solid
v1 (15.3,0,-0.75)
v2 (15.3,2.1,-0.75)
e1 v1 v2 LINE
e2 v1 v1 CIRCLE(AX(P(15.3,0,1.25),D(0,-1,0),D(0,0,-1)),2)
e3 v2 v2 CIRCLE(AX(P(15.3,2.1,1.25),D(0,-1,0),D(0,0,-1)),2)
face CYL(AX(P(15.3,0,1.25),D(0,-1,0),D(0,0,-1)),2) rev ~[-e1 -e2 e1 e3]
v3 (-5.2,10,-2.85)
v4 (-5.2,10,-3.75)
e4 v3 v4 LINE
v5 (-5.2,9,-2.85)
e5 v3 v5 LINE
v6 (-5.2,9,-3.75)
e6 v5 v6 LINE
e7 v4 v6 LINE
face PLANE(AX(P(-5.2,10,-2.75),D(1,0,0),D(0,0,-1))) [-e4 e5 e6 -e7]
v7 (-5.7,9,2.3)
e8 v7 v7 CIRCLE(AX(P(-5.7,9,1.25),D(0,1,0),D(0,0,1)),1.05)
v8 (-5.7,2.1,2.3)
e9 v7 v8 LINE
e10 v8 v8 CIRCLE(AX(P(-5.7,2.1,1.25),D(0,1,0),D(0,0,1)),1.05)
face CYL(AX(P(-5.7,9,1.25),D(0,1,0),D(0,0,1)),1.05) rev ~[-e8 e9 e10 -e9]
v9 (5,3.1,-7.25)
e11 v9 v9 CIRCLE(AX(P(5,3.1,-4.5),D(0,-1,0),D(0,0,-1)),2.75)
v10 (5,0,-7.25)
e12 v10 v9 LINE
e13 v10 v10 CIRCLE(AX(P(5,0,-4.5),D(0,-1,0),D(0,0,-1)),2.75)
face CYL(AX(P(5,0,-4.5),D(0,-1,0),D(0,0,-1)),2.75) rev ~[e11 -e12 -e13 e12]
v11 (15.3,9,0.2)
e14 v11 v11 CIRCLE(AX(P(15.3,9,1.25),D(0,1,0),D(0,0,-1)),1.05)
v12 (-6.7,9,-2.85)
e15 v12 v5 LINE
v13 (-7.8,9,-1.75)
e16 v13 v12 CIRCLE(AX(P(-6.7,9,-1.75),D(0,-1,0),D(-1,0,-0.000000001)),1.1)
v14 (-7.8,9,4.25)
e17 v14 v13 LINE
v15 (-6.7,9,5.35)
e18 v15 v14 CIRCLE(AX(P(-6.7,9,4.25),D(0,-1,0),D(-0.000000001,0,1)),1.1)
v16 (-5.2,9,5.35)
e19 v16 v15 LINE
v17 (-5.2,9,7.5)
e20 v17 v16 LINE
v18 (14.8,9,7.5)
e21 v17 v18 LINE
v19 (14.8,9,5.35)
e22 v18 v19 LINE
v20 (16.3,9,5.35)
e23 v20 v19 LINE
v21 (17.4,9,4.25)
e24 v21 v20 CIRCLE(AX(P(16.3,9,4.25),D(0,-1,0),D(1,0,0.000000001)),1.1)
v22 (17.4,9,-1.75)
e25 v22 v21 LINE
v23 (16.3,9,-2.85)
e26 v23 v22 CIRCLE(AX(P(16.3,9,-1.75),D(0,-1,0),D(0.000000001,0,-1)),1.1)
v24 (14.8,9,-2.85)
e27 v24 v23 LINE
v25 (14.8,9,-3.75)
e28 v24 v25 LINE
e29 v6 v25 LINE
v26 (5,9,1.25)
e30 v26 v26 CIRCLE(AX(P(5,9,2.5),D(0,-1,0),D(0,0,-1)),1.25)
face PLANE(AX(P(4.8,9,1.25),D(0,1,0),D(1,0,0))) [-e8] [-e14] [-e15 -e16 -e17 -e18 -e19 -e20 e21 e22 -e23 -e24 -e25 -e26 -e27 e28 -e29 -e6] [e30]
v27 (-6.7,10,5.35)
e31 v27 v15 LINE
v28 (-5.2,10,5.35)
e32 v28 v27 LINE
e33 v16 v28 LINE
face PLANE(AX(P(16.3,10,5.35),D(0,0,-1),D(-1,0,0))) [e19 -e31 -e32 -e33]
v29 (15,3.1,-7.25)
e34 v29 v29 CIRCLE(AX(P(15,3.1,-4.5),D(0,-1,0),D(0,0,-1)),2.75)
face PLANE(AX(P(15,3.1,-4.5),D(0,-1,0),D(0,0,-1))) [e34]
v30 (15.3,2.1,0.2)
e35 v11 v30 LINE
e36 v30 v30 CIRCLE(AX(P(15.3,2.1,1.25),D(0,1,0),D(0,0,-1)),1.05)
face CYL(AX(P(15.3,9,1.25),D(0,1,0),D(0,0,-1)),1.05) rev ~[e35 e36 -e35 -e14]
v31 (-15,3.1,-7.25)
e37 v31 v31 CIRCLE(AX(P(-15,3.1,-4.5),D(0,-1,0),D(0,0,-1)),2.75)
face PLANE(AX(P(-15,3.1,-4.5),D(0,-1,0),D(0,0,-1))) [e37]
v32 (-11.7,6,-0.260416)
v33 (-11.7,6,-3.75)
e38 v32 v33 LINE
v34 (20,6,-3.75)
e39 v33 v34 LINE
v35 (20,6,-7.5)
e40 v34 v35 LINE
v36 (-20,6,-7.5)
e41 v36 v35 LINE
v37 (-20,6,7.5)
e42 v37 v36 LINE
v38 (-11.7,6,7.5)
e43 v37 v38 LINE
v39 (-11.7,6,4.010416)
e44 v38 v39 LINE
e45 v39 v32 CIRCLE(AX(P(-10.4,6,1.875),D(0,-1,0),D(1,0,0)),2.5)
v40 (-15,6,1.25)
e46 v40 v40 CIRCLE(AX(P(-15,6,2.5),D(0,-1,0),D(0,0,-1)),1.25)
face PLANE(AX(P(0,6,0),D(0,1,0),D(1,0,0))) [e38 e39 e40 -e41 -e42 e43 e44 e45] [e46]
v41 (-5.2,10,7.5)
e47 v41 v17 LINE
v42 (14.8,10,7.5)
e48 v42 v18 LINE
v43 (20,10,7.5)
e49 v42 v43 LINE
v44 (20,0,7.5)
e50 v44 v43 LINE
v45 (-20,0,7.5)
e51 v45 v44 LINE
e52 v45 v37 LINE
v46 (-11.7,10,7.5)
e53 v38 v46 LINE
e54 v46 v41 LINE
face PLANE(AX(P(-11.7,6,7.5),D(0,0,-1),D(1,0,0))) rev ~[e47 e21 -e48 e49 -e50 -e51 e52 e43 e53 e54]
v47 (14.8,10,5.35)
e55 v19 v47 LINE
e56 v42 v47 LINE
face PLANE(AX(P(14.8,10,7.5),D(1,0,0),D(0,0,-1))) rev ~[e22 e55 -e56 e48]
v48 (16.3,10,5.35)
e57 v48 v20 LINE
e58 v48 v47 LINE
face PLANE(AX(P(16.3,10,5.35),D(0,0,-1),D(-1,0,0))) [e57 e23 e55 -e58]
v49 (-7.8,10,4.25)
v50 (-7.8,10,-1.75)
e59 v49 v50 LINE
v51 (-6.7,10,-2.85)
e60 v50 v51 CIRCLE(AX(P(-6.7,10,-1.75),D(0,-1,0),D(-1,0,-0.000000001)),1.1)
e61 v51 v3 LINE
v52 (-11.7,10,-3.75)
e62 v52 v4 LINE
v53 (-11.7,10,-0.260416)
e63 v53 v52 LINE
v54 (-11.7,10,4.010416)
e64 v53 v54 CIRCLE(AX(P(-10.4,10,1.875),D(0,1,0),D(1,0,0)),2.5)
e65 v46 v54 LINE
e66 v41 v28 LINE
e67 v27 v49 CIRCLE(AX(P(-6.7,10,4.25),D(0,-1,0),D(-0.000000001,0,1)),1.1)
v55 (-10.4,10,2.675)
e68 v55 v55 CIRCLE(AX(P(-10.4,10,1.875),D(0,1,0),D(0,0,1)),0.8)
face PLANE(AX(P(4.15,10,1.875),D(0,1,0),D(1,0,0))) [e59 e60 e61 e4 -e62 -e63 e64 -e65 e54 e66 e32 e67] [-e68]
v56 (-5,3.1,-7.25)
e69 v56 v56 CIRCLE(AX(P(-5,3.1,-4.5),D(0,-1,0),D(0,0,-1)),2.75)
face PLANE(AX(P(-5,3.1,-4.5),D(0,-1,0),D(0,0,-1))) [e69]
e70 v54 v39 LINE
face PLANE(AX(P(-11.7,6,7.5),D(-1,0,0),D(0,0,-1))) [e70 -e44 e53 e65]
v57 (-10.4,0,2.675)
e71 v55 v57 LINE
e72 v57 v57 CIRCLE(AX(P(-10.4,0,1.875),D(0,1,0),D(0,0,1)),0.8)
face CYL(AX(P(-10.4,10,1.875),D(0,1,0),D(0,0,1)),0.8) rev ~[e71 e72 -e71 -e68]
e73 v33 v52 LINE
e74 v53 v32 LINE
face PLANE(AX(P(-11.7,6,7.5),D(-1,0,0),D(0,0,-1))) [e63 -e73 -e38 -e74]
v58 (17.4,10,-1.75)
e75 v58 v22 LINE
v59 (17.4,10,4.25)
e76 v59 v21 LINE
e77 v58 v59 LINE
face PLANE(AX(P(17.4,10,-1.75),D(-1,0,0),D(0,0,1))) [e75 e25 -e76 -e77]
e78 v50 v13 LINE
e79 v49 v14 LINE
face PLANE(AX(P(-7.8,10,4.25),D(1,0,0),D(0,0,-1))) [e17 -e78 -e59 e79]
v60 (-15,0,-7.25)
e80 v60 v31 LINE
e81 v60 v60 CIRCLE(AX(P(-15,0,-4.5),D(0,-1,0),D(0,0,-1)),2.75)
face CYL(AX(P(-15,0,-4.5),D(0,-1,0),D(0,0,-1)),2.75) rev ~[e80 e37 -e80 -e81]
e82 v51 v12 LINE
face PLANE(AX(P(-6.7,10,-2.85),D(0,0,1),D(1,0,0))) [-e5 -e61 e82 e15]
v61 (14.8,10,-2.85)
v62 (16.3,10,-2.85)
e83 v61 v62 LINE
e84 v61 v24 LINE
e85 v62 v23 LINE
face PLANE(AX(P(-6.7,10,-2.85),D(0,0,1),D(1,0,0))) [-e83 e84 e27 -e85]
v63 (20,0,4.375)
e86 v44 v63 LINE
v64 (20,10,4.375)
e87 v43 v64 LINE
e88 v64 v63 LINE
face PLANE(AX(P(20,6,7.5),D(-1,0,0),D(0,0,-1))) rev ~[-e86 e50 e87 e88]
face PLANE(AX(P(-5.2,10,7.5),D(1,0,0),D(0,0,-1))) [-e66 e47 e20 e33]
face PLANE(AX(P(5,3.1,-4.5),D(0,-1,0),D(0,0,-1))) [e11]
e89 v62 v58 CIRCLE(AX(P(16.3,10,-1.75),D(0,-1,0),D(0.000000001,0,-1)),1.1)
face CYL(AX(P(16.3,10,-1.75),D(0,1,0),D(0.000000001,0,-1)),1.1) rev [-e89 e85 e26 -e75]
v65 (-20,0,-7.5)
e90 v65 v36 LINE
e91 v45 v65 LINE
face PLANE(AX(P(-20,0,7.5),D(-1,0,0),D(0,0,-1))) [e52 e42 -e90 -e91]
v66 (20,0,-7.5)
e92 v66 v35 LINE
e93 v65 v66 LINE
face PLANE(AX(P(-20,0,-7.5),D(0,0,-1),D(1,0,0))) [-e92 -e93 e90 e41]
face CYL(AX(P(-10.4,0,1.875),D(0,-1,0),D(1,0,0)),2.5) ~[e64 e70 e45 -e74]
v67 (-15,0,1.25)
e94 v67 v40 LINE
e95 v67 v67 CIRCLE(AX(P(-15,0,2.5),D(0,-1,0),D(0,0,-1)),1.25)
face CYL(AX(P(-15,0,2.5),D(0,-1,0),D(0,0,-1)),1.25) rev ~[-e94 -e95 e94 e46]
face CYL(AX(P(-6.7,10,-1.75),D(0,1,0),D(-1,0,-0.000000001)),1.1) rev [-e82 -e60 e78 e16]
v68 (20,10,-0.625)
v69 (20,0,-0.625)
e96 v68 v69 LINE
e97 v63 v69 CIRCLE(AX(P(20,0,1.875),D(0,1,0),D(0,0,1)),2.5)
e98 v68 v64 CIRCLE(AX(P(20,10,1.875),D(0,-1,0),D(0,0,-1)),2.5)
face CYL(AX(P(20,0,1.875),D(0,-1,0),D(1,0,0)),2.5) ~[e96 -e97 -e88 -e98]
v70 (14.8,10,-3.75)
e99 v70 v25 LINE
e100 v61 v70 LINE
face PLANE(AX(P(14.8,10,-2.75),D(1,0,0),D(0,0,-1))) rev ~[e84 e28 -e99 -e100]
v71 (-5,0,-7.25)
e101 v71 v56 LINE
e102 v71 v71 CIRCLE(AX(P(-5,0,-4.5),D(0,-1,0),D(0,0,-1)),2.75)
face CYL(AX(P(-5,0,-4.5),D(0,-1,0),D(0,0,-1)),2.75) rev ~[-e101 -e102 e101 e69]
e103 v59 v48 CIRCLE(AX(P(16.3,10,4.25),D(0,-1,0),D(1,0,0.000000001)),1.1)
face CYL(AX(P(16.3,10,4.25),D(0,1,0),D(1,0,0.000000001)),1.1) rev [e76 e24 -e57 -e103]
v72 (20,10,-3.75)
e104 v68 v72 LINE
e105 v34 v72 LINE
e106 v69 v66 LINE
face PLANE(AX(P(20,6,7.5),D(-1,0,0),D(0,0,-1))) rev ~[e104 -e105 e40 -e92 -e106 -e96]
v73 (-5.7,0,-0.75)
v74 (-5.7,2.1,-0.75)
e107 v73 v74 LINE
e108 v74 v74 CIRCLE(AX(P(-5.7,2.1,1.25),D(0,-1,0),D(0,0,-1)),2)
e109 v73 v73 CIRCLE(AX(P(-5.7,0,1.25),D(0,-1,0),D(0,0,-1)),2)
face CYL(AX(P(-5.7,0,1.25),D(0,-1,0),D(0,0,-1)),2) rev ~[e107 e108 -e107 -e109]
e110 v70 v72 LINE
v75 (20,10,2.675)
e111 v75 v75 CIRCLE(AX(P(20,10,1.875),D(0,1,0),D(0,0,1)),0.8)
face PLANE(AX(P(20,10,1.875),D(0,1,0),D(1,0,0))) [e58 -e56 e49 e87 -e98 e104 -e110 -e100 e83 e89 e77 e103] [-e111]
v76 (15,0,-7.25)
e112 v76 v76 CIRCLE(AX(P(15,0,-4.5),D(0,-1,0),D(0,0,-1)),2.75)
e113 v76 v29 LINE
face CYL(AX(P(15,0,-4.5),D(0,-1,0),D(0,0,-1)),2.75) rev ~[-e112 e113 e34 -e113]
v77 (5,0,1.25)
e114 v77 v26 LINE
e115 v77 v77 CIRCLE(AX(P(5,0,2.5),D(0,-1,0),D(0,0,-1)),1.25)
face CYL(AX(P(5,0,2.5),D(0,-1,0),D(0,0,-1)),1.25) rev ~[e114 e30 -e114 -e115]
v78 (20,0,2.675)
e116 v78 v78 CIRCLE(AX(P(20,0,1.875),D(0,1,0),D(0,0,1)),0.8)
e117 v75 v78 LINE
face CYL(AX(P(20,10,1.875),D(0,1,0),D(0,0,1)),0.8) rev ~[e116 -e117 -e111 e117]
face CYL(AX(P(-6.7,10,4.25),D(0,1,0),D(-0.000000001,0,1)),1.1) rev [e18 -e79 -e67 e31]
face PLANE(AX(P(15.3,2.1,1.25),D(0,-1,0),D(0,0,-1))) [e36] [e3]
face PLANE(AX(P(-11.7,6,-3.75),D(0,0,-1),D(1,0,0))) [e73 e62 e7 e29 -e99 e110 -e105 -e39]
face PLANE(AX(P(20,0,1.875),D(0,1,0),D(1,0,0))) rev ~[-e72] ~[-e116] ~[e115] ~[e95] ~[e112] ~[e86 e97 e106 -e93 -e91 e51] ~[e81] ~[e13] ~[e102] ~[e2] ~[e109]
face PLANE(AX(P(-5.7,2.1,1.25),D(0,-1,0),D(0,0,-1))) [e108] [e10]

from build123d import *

# Parameters (mm, degrees)
SKETCH_1_W          = 40
SKETCH_1_H          = 15
EXTRUDE_1_DEPTH     = 6
SKETCH_2_W          = 31.7
SKETCH_2_H          = 11.25
EXTRUDE_2_DEPTH     = 4
EXTRUDE_3_DEPTH     = 3
SKETCH_4_W          = 20
SKETCH_4_H          = 1
SKETCH_4_H_2        = 2.25
CUT_EXTRUDE_1_DEPTH = 1
SKETCH_6_R          = 1.05
CUT_EXTRUDE_2_DEPTH = 24.178653973
SKETCH_7_R          = 2
CUT_EXTRUDE_3_DEPTH = 2.1
SKETCH_8_R          = 1.25
CUT_EXTRUDE_4_DEPTH = 24.58495283
SKETCH_9_R          = 2.5
EXTRUDE_4_DEPTH     = 10
SKETCH_10_R         = 0.8
CUT_EXTRUDE_5_DEPTH = 26.739075352
CUT_EXTRUDE_6_DEPTH = 1
SKETCH_13_R         = 2.75
CUT_EXTRUDE_8_DEPTH = 3.1


with BuildPart() as part:
    # 草图1 → 凸台-拉伸1 (new body)
    with BuildSketch(Plane(origin=(0, 0, 0), x_dir=(1, 0, 0), z_dir=(0, 1, 0))):
        Rectangle(SKETCH_1_W, SKETCH_1_H)
    extrude(amount=EXTRUDE_1_DEPTH)

    # 草图2 → 凸台-拉伸2 (add)
    with BuildSketch(Plane(origin=(0, 6, 0), x_dir=(1, 0, 0), z_dir=(0, 1, 0))):
        with Locations((4.15, -1.875)):
            Rectangle(SKETCH_2_W, SKETCH_2_H)
        with BuildLine():
            Line((-6.7, 2.75), (16.3, 2.75))
            ThreePointArc((16.3, 2.75), (17.007106781, 2.457106781), (17.3, 1.75))
            Line((17.3, 1.75), (17.3, -4.25))
            ThreePointArc((17.3, -4.25), (17.007106781, -4.957106781), (16.3, -5.25))
            Line((16.3, -5.25), (-6.7, -5.25))
            ThreePointArc((-6.7, -5.25), (-7.407106781, -4.957106781), (-7.7, -4.25))
            Line((-7.7, -4.25), (-7.7, 1.75))
            ThreePointArc((-7.7, 1.75), (-7.407106781, 2.457106781), (-6.7, 2.75))
        make_face(mode=Mode.SUBTRACT)
    extrude(amount=EXTRUDE_2_DEPTH)

    # 草图3 → 凸台-拉伸3 (add)
    with BuildSketch(Plane(origin=(0, 6, 0), x_dir=(1, 0, 0), z_dir=(0, 1, 0))):
        with BuildLine():
            Line((-6.7, -5.25), (16.3, -5.25))
            ThreePointArc((16.3, -5.25), (17.007106781, -4.957106781), (17.3, -4.25))
            Line((17.3, -4.25), (17.3, 1.75))
            ThreePointArc((17.3, 1.75), (17.007106781, 2.457106781), (16.3, 2.75))
            Line((16.3, 2.75), (-6.7, 2.75))
            ThreePointArc((-6.7, 2.75), (-7.407106781, 2.457106781), (-7.7, 1.75))
            Line((-7.7, 1.75), (-7.7, -4.25))
            ThreePointArc((-7.7, -4.25), (-7.407106781, -4.957106781), (-6.7, -5.25))
        make_face()
    extrude(amount=EXTRUDE_3_DEPTH)

    # 草图4 → 切除-拉伸1 (cut)
    with BuildSketch(Plane(origin=(0, 10, 0), x_dir=(1, 0, 0), z_dir=(0, 1, 0))):
        with Locations((4.8, 3.25)):
            Rectangle(SKETCH_4_W, SKETCH_4_H)
        with Locations((4.8, -6.375)):
            Rectangle(SKETCH_4_W, SKETCH_4_H_2)
    extrude(amount=-CUT_EXTRUDE_1_DEPTH, mode=Mode.SUBTRACT)

    # 草图6 → 切除-拉伸2 (cut, through all)
    with BuildSketch(Plane(origin=(0, 9, 0), x_dir=(1, 0, 0), z_dir=(0, 1, 0))):
        with Locations(Location((-5.7, -1.25, 0), (0, 0, 270))):
            Circle(SKETCH_6_R)
        with Locations(Location((15.3, -1.25, 0), (0, 0, 90))):
            Circle(SKETCH_6_R)
    extrude(amount=-CUT_EXTRUDE_2_DEPTH, mode=Mode.SUBTRACT)

    # 草图7 → 切除-拉伸3 (cut)
    with BuildSketch(Plane.XZ):
        with Locations(Location((-5.7, 1.25, 0), (0, 0, 270))):
            Circle(SKETCH_7_R)
        with Locations(Location((15.3, 1.25, 0), (0, 0, 270))):
            Circle(SKETCH_7_R)
    extrude(amount=-CUT_EXTRUDE_3_DEPTH, mode=Mode.SUBTRACT)

    # 草图8 → 切除-拉伸4 (cut, through all)
    with BuildSketch(Plane.XZ):
        with Locations(Location((-15, 2.5, 0), (0, 0, 270))):
            Circle(SKETCH_8_R)
        with Locations(Location((5, 2.5, 0), (0, 0, 270))):
            Circle(SKETCH_8_R)
    extrude(amount=-CUT_EXTRUDE_4_DEPTH, mode=Mode.SUBTRACT)

    # 草图9 → 凸台-拉伸4 (add)
    with BuildSketch(Plane(origin=(0, 0, 0), x_dir=(1, 0, 0), z_dir=(0, 1, 0))):
        with Locations((20, -1.875)):
            Circle(SKETCH_9_R)
        with Locations((-10.4, -1.875)):
            Circle(SKETCH_9_R)
    extrude(amount=EXTRUDE_4_DEPTH)

    # 草图10 → 切除-拉伸5 (cut, through all)
    with BuildSketch(Plane(origin=(0, 10, 0), x_dir=(1, 0, 0), z_dir=(0, 1, 0))):
        with Locations(Location((-10.4, -1.875, 0), (0, 0, 270))):
            Circle(SKETCH_10_R)
        with Locations(Location((20, -1.875, 0), (0, 0, 270))):
            Circle(SKETCH_10_R)
    extrude(amount=-CUT_EXTRUDE_5_DEPTH, mode=Mode.SUBTRACT)

    # 草图11 → 切除-拉伸6 (cut)
    with BuildSketch(Plane(origin=(0, 10, 0), x_dir=(1, 0, 0), z_dir=(0, 1, 0))):
        with BuildLine():
            Line((17.4, 1.75), (17.4, -4.25))
            ThreePointArc((17.4, -4.25), (17.077817459, -5.027817459), (16.3, -5.35))
            Line((16.3, -5.35), (-6.7, -5.35))
            ThreePointArc((-6.7, -5.35), (-7.477817459, -5.027817459), (-7.8, -4.25))
            Line((-7.8, -4.25), (-7.8, 1.75))
            ThreePointArc((-7.8, 1.75), (-7.477817459, 2.527817459), (-6.7, 2.85))
            Line((-6.7, 2.85), (16.3, 2.85))
            ThreePointArc((16.3, 2.85), (17.077817459, 2.527817459), (17.4, 1.75))
        make_face()
    extrude(amount=-CUT_EXTRUDE_6_DEPTH, mode=Mode.SUBTRACT)

    # 草图13 → 切除-拉伸8 (cut)
    with BuildSketch(Plane.XZ):
        with Locations(Location((-15, -4.5, 0), (0, 0, 270))):
            Circle(SKETCH_13_R)
        with Locations(Location((-5, -4.5, 0), (0, 0, 270))):
            Circle(SKETCH_13_R)
        with Locations(Location((5, -4.5, 0), (0, 0, 270))):
            Circle(SKETCH_13_R)
        with Locations(Location((15, -4.5, 0), (0, 0, 270))):
            Circle(SKETCH_13_R)
    extrude(amount=-CUT_EXTRUDE_8_DEPTH, mode=Mode.SUBTRACT)


solid = part.part
